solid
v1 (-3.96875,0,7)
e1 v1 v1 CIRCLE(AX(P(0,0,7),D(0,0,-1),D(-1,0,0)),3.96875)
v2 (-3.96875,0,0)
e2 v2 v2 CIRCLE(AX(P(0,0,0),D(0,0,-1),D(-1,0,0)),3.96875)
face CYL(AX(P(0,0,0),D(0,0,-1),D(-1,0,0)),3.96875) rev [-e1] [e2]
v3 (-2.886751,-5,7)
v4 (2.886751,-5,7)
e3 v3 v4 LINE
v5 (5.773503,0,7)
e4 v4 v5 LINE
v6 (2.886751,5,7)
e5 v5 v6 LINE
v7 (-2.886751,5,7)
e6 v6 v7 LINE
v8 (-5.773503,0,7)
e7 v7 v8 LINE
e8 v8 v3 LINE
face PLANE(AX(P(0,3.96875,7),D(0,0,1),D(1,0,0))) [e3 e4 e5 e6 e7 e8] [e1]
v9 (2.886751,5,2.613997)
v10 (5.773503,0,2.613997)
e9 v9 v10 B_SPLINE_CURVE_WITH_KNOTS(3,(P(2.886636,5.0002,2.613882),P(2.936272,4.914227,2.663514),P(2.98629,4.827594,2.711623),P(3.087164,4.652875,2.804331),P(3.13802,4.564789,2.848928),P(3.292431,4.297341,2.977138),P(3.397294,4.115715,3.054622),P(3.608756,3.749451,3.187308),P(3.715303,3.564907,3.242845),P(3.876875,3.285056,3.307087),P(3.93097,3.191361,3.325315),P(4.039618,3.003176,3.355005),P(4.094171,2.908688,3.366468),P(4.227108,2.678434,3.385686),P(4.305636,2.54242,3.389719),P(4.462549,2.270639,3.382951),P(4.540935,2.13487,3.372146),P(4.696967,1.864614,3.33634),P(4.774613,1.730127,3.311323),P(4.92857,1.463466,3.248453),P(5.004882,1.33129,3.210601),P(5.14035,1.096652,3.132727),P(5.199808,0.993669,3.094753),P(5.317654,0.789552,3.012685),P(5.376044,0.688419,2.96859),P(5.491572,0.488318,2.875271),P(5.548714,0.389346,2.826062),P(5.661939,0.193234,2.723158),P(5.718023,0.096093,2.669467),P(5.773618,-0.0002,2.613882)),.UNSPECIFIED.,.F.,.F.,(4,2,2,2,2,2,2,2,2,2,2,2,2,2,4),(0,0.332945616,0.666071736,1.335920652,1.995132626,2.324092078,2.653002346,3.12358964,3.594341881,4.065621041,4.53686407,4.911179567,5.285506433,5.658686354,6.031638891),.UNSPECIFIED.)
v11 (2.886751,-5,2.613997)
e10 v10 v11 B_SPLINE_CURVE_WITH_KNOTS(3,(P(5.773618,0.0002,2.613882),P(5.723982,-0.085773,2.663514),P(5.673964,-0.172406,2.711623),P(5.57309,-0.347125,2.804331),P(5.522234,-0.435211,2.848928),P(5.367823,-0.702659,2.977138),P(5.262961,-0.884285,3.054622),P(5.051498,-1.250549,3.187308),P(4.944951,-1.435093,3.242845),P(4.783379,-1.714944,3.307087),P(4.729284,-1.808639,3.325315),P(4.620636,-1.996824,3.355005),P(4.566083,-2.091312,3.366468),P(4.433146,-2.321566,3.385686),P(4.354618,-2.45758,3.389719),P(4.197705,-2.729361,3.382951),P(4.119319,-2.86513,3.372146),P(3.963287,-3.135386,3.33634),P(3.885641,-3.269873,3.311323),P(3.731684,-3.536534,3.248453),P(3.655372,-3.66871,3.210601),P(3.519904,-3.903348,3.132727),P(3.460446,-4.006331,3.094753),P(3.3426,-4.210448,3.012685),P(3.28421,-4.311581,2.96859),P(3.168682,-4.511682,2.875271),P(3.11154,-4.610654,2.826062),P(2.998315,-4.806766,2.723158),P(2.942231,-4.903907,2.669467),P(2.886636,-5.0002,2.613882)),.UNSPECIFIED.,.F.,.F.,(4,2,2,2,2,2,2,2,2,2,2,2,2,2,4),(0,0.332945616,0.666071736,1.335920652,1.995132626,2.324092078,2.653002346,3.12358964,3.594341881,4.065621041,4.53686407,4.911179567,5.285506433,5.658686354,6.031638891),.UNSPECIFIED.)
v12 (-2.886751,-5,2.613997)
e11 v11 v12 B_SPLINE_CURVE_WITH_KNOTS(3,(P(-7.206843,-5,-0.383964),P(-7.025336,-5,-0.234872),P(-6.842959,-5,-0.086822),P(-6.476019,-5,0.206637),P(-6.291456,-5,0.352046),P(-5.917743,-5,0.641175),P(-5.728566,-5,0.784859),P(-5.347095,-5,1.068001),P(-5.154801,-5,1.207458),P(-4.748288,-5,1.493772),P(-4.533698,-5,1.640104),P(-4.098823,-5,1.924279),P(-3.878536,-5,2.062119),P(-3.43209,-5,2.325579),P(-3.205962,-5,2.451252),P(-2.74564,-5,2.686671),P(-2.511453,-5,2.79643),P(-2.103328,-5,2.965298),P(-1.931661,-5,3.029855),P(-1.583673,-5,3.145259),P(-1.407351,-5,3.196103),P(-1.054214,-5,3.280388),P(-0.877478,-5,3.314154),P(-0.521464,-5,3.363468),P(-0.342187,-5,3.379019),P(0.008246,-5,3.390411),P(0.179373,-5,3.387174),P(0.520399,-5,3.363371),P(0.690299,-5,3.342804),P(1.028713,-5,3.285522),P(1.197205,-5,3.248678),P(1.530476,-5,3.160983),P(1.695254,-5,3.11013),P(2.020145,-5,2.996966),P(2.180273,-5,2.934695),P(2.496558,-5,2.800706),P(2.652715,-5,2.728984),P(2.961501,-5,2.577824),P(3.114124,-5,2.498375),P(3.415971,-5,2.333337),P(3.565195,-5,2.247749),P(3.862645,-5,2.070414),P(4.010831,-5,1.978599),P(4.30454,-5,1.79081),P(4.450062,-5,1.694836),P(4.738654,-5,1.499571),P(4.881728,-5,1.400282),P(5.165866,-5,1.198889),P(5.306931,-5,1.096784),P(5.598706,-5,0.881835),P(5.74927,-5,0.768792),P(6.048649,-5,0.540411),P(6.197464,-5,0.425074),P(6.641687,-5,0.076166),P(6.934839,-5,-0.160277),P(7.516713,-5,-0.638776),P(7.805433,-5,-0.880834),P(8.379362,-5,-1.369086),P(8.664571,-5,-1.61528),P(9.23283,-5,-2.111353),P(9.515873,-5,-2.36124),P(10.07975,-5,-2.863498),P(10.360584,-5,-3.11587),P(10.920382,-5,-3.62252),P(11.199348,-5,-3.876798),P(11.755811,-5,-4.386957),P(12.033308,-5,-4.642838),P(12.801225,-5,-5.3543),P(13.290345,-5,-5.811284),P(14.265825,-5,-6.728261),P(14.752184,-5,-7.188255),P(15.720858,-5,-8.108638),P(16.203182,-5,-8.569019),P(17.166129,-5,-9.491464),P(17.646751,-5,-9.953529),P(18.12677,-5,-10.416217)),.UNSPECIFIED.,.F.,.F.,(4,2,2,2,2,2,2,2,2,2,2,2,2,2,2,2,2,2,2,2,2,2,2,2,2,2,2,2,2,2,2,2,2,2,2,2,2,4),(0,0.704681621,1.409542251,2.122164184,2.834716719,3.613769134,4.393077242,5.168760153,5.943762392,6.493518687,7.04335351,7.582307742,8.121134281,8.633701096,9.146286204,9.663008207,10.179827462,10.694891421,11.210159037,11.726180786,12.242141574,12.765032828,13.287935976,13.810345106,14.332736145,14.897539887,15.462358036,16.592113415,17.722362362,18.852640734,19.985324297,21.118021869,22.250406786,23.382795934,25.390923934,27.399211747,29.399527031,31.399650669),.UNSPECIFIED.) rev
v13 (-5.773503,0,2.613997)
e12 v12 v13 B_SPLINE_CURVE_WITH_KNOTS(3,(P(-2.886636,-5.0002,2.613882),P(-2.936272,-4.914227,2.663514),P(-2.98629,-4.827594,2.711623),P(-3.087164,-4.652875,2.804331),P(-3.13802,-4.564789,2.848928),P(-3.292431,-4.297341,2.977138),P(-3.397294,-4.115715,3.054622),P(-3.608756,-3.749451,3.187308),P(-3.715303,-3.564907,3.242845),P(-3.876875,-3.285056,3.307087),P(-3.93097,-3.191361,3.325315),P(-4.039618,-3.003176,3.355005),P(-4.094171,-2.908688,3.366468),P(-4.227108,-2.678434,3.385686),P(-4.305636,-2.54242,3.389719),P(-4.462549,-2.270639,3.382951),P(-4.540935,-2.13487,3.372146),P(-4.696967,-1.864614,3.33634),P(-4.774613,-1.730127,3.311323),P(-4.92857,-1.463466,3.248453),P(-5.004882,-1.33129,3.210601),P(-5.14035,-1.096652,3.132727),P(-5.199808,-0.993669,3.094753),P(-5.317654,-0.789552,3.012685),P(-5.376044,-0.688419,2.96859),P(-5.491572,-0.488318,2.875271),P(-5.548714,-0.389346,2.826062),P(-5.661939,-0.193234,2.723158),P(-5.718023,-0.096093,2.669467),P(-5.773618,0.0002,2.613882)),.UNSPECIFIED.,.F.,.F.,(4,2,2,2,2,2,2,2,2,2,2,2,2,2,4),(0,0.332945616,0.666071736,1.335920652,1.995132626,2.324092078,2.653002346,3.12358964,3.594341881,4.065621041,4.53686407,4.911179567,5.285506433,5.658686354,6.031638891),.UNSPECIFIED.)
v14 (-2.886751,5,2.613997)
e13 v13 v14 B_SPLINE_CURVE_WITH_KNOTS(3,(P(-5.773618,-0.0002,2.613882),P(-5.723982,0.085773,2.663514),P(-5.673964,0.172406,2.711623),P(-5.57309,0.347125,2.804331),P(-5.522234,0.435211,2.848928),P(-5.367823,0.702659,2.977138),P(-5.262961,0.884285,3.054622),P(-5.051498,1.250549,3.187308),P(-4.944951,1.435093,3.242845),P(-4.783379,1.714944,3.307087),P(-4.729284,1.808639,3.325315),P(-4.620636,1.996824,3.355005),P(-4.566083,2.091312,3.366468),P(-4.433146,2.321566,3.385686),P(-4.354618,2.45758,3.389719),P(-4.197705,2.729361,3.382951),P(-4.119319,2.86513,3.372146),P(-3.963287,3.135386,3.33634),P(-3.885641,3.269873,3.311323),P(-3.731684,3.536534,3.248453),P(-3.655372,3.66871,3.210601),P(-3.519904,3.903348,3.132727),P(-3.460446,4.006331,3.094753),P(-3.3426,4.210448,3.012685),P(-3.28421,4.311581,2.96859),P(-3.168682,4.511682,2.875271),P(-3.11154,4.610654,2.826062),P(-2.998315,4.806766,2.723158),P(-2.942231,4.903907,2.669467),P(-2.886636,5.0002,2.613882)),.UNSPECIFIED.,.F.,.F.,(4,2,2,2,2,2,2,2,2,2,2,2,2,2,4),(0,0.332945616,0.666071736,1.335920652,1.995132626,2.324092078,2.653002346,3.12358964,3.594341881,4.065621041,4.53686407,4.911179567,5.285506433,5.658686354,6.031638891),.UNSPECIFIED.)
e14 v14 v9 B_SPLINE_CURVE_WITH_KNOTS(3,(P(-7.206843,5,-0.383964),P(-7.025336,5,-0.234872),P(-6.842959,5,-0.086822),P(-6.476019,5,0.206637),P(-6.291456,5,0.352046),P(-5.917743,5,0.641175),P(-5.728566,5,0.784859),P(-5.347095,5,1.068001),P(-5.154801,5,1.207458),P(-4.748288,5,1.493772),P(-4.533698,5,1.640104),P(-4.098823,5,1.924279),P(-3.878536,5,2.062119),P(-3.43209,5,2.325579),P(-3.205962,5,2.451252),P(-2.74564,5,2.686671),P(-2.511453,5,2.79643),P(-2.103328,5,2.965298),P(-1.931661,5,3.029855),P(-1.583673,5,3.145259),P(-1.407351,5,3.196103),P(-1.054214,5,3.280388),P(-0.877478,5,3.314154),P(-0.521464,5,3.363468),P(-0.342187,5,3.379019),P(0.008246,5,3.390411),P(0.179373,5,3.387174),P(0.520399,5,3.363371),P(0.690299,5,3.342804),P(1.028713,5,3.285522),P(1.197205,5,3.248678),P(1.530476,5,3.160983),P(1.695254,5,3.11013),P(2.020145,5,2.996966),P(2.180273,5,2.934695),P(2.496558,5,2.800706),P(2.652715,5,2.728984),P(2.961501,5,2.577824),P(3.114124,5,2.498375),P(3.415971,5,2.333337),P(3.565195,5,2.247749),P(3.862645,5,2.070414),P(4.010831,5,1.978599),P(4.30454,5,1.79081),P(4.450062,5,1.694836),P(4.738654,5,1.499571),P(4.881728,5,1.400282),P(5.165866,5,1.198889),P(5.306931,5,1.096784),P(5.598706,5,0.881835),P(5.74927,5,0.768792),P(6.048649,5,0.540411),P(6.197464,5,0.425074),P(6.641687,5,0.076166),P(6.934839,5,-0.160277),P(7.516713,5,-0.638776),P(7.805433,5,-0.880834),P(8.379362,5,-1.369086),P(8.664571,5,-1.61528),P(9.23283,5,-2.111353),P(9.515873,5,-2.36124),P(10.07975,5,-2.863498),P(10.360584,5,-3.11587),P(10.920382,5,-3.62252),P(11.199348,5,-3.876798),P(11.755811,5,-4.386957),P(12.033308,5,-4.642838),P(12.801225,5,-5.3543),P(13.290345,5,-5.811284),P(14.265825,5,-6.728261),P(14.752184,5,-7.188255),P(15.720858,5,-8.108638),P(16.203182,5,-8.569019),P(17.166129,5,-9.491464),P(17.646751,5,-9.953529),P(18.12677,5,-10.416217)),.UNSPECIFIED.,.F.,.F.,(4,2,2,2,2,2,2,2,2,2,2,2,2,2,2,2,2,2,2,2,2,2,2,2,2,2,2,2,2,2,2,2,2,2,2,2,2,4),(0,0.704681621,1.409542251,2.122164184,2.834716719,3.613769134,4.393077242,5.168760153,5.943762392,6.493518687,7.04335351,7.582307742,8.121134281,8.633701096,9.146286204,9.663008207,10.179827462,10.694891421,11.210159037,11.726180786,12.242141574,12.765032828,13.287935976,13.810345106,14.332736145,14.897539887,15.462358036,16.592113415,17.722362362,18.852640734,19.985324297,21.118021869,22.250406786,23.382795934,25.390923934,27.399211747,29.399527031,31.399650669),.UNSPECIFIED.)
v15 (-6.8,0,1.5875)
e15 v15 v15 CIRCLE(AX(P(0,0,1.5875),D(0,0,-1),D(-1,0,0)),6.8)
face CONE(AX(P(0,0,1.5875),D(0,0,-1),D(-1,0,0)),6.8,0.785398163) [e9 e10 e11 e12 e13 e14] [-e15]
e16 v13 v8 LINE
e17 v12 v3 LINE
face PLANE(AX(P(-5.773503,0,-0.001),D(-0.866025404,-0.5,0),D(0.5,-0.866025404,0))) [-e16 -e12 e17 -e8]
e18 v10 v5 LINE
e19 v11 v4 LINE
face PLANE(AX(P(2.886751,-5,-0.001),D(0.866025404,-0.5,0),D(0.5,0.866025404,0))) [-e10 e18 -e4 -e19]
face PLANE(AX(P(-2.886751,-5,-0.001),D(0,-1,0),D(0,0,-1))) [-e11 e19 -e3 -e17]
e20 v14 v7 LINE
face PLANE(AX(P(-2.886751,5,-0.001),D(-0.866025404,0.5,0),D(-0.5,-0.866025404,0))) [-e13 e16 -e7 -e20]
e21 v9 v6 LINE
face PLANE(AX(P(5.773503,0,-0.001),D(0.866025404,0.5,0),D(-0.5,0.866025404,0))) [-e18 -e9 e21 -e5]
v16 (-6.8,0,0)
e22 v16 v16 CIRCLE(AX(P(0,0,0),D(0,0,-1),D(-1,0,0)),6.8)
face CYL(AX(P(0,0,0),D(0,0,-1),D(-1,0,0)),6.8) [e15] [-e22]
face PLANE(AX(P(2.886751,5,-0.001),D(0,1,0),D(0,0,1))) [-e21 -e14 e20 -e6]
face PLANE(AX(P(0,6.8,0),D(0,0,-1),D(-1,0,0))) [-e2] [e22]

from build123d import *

# Parameters (mm, degrees)
BOSS_EXTRUDE1_REACH = 9
SKETCH2_R           = 3.96875


with BuildPart() as part:
    # Sketch1 → Revolve1 (revolve)
    with BuildSketch(Plane(origin=(0, 0, 0), x_dir=(0, 0, -1), z_dir=(1, 0, 0))):
        Polygon((0, 3.96875), (-7, 3.96875), (-7, 4.7625), (-3.625, 4.7625), (-1.5875, 6.8), (0, 6.8), align=None)
    revolve(axis=Axis((0, 0, 0), (0, 0, 1)))

    # Sketch2 → Boss-Extrude1 (add, up to next)
    with BuildSketch(Plane.XY.offset(7), mode=Mode.PRIVATE) as boss_extrude1_sk1:
        Polygon((-2.886751346, 5), (-5.773502692, 0), (-2.886751346, -5), (2.886751346, -5), (5.773502692, 0), (2.886751346, 5), align=None)
        Circle(SKETCH2_R, mode=Mode.SUBTRACT)
    boss_extrude1_tool1 = extrude(boss_extrude1_sk1.sketch, amount=-BOSS_EXTRUDE1_REACH, mode=Mode.PRIVATE) - part.part
    add(boss_extrude1_tool1.solids().sort_by_distance((-4.197839, 2.423624, 7))[0])


solid = part.part
